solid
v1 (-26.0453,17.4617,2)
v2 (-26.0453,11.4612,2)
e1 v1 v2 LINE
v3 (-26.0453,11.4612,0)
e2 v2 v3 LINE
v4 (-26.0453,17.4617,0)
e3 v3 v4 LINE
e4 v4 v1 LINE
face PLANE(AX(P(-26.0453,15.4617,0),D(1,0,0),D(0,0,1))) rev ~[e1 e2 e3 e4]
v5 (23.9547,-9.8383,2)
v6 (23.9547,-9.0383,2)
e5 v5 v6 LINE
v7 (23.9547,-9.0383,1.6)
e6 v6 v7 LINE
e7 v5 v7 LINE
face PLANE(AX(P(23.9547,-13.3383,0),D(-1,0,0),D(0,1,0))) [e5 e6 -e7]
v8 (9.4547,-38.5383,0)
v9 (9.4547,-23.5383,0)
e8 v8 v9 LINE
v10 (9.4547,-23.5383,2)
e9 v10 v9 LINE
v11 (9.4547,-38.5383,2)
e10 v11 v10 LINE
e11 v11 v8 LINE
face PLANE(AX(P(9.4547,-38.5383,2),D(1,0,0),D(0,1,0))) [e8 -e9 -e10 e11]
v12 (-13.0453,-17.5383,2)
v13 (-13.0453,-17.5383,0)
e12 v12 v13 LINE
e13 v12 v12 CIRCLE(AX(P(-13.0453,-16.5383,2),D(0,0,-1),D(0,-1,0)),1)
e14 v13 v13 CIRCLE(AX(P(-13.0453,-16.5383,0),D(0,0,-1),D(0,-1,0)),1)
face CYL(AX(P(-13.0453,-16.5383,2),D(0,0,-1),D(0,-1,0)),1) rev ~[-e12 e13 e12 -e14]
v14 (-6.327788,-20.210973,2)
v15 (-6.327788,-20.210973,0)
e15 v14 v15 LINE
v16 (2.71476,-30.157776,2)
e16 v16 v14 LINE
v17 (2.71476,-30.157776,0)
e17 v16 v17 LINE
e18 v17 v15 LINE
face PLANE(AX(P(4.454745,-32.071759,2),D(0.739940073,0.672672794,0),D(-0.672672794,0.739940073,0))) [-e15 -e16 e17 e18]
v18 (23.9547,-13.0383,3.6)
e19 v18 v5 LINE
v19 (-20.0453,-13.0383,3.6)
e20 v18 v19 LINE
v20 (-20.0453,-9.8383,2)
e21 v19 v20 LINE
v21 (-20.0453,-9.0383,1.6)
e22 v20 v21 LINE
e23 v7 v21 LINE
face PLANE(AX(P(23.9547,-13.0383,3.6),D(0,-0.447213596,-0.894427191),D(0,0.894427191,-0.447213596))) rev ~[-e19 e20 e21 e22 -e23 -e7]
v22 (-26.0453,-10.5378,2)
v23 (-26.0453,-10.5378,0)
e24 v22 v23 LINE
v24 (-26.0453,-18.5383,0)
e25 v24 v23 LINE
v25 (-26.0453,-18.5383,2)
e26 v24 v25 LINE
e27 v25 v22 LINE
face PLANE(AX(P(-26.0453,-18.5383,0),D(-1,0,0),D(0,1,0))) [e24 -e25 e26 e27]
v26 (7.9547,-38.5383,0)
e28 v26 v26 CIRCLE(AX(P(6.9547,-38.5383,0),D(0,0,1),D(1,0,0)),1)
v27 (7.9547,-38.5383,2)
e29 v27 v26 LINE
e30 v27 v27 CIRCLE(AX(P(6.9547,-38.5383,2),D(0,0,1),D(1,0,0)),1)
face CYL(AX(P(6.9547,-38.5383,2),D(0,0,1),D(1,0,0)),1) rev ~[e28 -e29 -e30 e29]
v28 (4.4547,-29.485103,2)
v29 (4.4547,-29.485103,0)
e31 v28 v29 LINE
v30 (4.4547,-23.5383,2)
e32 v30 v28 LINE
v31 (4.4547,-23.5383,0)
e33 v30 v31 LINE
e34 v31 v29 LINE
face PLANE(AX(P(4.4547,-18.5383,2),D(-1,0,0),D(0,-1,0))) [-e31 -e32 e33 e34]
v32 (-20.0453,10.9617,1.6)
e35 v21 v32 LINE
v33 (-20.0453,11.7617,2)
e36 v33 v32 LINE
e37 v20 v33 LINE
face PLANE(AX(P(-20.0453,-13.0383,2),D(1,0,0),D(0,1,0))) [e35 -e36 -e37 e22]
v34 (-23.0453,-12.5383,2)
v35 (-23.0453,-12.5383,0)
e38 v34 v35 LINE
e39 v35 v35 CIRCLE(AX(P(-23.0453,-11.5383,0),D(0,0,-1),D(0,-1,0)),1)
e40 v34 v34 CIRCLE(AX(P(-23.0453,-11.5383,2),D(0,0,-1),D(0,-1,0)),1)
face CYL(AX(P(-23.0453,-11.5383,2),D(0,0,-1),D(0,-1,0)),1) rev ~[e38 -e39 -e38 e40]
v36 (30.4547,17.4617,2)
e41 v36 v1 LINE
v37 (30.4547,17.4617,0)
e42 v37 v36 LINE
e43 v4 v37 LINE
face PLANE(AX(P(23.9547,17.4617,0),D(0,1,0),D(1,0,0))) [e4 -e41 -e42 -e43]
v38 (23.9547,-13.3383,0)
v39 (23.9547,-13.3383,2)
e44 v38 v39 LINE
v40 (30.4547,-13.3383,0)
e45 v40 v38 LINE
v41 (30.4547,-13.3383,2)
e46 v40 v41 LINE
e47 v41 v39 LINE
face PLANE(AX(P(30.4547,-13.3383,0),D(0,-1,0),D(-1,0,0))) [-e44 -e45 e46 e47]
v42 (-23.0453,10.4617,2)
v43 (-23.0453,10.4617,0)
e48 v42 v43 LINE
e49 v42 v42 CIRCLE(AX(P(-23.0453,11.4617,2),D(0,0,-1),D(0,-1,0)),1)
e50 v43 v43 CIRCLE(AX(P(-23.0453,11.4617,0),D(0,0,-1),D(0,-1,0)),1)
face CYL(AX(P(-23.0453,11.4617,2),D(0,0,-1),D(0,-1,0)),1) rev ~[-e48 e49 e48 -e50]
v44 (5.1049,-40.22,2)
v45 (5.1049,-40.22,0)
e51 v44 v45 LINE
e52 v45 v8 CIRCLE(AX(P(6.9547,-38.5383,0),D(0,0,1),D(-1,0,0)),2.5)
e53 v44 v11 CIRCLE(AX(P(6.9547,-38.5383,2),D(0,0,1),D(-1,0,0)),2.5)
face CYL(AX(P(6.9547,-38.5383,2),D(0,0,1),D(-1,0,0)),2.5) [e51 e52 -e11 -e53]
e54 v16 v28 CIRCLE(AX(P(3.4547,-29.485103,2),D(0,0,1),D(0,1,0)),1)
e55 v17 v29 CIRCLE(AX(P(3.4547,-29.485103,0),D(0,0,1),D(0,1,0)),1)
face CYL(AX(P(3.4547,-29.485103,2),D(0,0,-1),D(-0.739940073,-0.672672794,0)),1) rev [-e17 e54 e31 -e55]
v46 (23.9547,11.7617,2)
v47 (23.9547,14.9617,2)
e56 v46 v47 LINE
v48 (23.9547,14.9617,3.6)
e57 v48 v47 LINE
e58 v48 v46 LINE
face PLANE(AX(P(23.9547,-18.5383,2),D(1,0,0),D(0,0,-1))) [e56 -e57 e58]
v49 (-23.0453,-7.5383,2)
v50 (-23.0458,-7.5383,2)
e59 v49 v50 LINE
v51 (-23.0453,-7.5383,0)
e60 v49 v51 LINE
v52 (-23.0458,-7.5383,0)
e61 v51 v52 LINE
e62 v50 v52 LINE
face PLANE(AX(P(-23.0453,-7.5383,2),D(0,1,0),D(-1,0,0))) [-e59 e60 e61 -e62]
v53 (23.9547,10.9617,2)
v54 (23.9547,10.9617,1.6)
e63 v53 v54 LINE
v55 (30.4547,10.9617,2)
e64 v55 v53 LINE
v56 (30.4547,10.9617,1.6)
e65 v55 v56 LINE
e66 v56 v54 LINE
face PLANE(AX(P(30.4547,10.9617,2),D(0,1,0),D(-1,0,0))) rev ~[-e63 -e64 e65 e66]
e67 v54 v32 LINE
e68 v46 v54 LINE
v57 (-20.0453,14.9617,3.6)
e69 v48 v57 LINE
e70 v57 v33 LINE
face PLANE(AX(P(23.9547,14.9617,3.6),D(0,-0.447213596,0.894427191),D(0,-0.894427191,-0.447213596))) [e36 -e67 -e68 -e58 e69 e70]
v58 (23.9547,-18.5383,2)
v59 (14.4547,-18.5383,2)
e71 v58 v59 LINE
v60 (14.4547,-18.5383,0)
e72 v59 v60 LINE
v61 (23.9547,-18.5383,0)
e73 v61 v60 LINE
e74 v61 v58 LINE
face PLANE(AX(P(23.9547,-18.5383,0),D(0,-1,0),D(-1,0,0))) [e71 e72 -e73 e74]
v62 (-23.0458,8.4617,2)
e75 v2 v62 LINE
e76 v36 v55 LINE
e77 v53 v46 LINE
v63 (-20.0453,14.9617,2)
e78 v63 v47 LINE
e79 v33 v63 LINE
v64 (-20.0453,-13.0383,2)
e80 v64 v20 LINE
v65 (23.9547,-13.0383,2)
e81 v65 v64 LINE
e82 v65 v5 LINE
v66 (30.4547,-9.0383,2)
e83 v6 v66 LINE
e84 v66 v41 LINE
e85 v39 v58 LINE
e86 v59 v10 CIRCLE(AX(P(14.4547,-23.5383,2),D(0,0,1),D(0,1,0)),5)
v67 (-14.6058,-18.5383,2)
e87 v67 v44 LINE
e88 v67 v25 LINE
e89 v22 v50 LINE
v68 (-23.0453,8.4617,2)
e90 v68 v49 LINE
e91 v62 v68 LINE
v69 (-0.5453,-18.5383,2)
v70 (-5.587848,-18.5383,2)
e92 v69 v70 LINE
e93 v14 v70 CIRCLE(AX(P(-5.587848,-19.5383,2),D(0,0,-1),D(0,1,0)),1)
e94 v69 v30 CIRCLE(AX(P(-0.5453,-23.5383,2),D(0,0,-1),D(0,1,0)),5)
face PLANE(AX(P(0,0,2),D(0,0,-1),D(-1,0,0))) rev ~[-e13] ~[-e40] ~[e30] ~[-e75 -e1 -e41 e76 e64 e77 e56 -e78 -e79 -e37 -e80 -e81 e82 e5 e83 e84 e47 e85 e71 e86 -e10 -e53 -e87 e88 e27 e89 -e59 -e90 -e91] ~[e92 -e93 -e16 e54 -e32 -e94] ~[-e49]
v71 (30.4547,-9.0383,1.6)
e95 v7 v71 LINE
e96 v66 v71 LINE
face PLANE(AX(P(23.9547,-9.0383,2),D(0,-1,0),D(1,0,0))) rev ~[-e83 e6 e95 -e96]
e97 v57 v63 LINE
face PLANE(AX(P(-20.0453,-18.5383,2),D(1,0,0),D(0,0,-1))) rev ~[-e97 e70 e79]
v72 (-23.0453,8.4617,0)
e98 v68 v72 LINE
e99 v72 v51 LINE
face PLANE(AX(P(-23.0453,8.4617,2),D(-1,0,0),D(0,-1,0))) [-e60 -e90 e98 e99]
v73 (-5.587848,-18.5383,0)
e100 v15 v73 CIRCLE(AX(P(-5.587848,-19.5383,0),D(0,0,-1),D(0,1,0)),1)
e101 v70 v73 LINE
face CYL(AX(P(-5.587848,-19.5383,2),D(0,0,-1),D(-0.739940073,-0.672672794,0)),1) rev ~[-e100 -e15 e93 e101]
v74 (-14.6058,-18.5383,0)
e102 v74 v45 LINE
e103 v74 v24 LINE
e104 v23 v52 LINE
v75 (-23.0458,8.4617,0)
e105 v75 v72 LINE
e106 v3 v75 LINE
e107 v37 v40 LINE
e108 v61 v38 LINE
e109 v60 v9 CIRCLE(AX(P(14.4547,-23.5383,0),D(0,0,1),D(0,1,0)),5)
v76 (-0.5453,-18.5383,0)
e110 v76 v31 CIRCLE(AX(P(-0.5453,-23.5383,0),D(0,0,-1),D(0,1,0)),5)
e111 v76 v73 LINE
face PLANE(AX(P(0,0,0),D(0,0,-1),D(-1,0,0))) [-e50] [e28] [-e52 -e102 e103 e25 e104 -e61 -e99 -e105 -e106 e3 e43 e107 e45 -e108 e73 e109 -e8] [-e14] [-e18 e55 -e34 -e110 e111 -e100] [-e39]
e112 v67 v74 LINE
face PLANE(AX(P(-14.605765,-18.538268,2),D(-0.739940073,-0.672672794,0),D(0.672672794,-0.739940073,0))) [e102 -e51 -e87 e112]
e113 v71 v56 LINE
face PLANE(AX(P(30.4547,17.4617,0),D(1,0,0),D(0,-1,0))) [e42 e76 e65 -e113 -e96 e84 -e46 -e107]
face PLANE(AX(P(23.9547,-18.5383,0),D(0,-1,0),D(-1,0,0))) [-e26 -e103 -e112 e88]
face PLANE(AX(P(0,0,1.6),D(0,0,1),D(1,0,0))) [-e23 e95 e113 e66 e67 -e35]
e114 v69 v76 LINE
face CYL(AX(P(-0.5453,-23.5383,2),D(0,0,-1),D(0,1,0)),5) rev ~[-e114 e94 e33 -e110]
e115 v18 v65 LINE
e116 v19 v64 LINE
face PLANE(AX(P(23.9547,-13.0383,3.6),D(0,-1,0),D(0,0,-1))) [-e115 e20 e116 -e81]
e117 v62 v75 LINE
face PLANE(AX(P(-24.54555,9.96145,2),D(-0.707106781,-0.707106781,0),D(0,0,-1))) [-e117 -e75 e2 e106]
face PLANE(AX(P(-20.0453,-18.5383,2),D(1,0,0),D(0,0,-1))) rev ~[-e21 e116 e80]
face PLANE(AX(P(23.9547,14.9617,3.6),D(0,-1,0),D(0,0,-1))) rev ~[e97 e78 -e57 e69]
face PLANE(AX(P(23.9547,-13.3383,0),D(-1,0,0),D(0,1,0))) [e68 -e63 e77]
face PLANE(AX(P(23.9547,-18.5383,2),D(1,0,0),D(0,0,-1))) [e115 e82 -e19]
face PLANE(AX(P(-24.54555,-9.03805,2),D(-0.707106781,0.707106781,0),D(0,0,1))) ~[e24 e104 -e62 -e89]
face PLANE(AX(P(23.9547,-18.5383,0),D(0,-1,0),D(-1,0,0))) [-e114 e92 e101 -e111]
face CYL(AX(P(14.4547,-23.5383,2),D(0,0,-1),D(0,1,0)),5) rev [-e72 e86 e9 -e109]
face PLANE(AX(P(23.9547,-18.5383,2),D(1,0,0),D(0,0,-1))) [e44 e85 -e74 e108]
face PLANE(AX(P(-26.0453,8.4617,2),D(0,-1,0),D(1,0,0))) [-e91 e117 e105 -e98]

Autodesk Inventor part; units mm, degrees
ref_plane "YZ Plane" through (0, 0, 0) normal (1, 0, 0) x (0, 1, 0)
ref_plane "XZ Plane" through (0, 0, 0) normal (0, 1, 0) x (-1, 0, 0)
ref_plane "XY Plane" through (0, 0, 0) normal (0, 0, 1) x (1, 0, 0)
sketch "Sketch1" plane through (0, 0, 0) normal (0, 0, 1) x (1, 0, 0)
  line L0 (-26.0453, 15.4617) -> (23.9547, 15.4617)
  line L1 (23.9547, 15.4617) -> (23.9547, -18.5383)
  line L2 (23.9547, -18.5383) -> (-26.0453, -18.5383)
  line L3 (-26.0453, -18.5383) -> (-26.0453, 15.4617)
  point P0 (0, 0)
  dimension "d0" = 50
  dimension "d1" = 34
extrude "Extrusion1" add sketch "Sketch1" along normal blind 2
sketch "Sketch2" plane through (0, 0, 2) normal (0, 0, 1) x (1, 0, 0)
  line L0 (-26.0453, 15.4617) -> (-26.0453, -18.5383) projected
  line L1 (23.9547, 15.4617) -> (-26.0453, 15.4617) projected
  point P0 (0, 0)
  point P1 (-23.0453, 11.4617)
  point P2 (-23.0453, -11.5383)
  point P3 (-13.0453, -16.5383)
  dimension "d4" = 23
  dimension "d5" = 3
  dimension "d6" = 3
  dimension "d7" = 4
  dimension "d8" = 5
  dimension "d9" = 10
hole "Hole1" at (-23.0453, 11.4617, 2) at (-23.0453, -11.5383, 2) at (-13.0453, -16.5383, 2) direction (0, 0, -1) diameter 2 depth 6.5 tip angle 118
sketch "Sketch3" plane through (0, 0, 2) normal (0, 0, 1) x (1, 0, 0)
  line L0 (-26.0453, 15.4617) -> (-26.0453, -18.5383) projected
  line L1 (-26.0453, 8.4617) -> (-23.0453, 8.4617)
  line L2 (-23.0453, 8.4617) -> (-23.0453, -7.5383)
  line L3 (-23.0453, -7.5383) -> (-26.0453, -7.5383)
  line L4 (-26.0453, -7.5383) -> (-26.0453, 8.4617)
  line L5 (23.9547, 15.4617) -> (-26.0453, 15.4617) projected
  circle A0 centre (-23.0453, -11.5383) radius 1 projected
  point P0 (0, 0)
  dimension "d17" = 7
  dimension "d18" = 4
  dimension "d19" = 3
extrude "Extrusion2" cut sketch "Sketch3" against normal blind 2 contours L1 L2 L3 L0
chamfer "Chamfer1" distance 3 angle 45 2 edges at (-26.0453, 8.4617, 1) (-26.0453, -7.5383, 1)
sketch "Sketch5" plane through (0, 0, 2) normal (0, 0, 1) x (1, 0, 0)
  line L0 (-20.0453, 14.9617) -> (23.9547, 14.9617)
  line L1 (23.9547, 14.9617) -> (23.9547, -13.0383)
  line L2 (23.9547, -13.0383) -> (-20.0453, -13.0383)
  line L3 (-20.0453, -13.0383) -> (-20.0453, 14.9617)
  line L4 (23.9547, 15.4617) -> (-26.0453, 15.4617) projected
  line L5 (-26.0453, -18.5383) -> (23.9547, -18.5383) projected
  line L6 (-23.0453, 8.4617) -> (-23.0453, -7.5383) projected
  line L7 (23.9547, -18.5383) -> (23.9547, 15.4617) projected
  circle A0 centre (-13.0453, -16.5383) radius 1 projected
  point P0 (0, 0)
  dimension "d27" = 3
  dimension "d28" = 0
  dimension "d29" = 50
  dimension "d30" = 3.5
  dimension "d31" = 31.5
  dimension "d32" = 0.5
extrude "Extrusion3" cut sketch "Sketch5" against normal blind 0.4 contours L0 L1 L2 L3
sketch "Sketch8" plane through (0, 0, 2) normal (0, 0, 1) x (1, 0, 0)
  line L0 (-26.0453, -18.5383) -> (23.9547, -18.5383) projected
  line L1 (11.9547, -18.5383) -> (-1.0453, -18.5383)
  line L2 (-1.0453, -18.5383) -> (-1.0453, -44.5383)
  line L3 (-1.0453, -44.5383) -> (11.9547, -44.5383)
  line L4 (11.9547, -44.5383) -> (11.9547, -18.5383)
  line L5 (23.9547, -18.5383) -> (23.9547, 15.4617) projected
  circle A0 centre (-13.0453, -16.5383) radius 1 projected
  line L6 (6.9547, -38.5383) -> (6.9547, -18.5383) construction
  line L7 (9.4547, -38.5383) -> (9.4547, -18.5383)
  line L8 (4.4547, -18.5383) -> (4.4547, -38.5383)
  arc A1 (4.4547, -38.5383) -> (9.4547, -38.5383) centre (6.9547, -38.5383) ccw
  arc A2 (9.4547, -18.5383) -> (4.4547, -18.5383) centre (6.9547, -18.5383) ccw
  circle A3 centre (6.9547, -38.5383) radius 1
  point P0 (0, 0)
  point P1 (23.9547, -13.0383)
  point P2 (6.9547, -28.5383)
  dimension "d48" = 12
  dimension "d49" = 25
  dimension "d50" = 20
  dimension "d51" = 22
  dimension "d52" = 6
  dimension "d53" = 5
  dimension "d54" = 2
extrude "Extrusion6" add sketch "Sketch8" against normal blind 2 contours L0 L7 A1 L8
fillet "Fillet1" radius 5 2 edges at (4.4547, -18.5383, 1) (9.4547, -18.5383, 1)
sketch "Sketch9" plane through (0, 0, 2) normal (0, 0, 1) x (1, 0, 0)
  circle A0 centre (-13.0453, -16.5383) radius 1 projected
  circle A1 centre (6.9547, -38.5383) radius 1 projected
  line L0 (-13.0453, -16.5383) -> (6.9547, -38.5383) construction
  line L1 (-14.8951, -18.22) -> (5.1049, -40.22)
  line L2 (8.8046, -36.8566) -> (-11.1954, -14.8566)
  arc A2 (-11.1954, -14.8566) -> (-14.8951, -18.22) centre (-13.0453, -16.5383) ccw
  arc A3 (5.1049, -40.22) -> (8.8046, -36.8566) centre (6.9547, -38.5383) ccw
  line L3 (-26.0453, -18.5383) -> (-0.5453, -18.5383) projected
  line L4 (-14.6058, -18.5383) -> (-7.8485, -18.5383)
  line L5 (4.4547, -23.5383) -> (4.4547, -38.5383) projected
  line L6 (4.4547, -32.0718) -> (4.4547, -38.5383)
  line L7 (4.4547, -38.5383) -> (6.7171, -41.027)
  arc A4 (4.4547, -38.5383) -> (9.4547, -38.5383) centre (6.9547, -38.5383) ccw projected
  point P0 (0, 0)
  point P1 (-3.0453, -27.5383)
extrude "Extrusion7" add sketch "Sketch9" against normal blind 2 contours L3 L2 L5 A4 L1
fillet "Fillet2" radius 1 2 edges at (-7.8485, -18.5383, 1) (4.4547, -32.0718, 1)
sketch "Sketch10" plane through (-26.0453, 15.4617, 0) normal (0, 1, 0) x (1, 0, 0)
  line L0 (50, 0) -> (50, -2) projected
  line L1 (0, 0) -> (0, -2) projected
  line L2 (50, -2) -> (0, -2)
  line L3 (0, -2) -> (0, 0)
  line L4 (0, 0) -> (50, 0)
  line L5 (50, 0) -> (50, -2)
  point P0 (26.0453, 0)
extrude "Extrusion8" add sketch "Sketch10" along normal blind 2
sketch "Sketch13" plane through (23.9547, -18.5383, 2) normal (1, 0, 0) x (0, 0, -1)
  line L0 (0, 0) -> (0, 5.5) projected
  line L1 (0.4, 5.5) -> (0.4, 33.5) projected
  line L2 (0.4, 5.5) -> (0, 5.5) projected
  line L3 (-1.6, 5.5) -> (0.4, 9.5)
  line L4 (0, 5.5) -> (0.4, 5.5) projected
  line L5 (-1.6, 5.5) -> (0.4, 5.5)
  line L6 (0.4, 5.5) -> (0.4, 9.5)
  point P0 (2, 18.5383)
  point P1 (0.4, 30.4)
  dimension "d70" = 1.6
  dimension "d71" = 4
extrude "Extrusion11" add sketch "Sketch13" against normal blind 44
sketch "Sketch14" plane through (23.9547, -18.5383, 2) normal (1, 0, 0) x (0, 0, -1)
  line L0 (0, 33.5) -> (0, 36) projected
  line L1 (0.4, 33.5) -> (0.4, 9.5) projected
  line L2 (0, 33.5) -> (0.4, 33.5) projected
  line L3 (-1.6, 33.5) -> (0.4, 29.5)
  line L4 (-1.6, 33.5) -> (0.4, 33.5)
  line L5 (0.4, 29.5) -> (0.4, 33.5)
  point P0 (2, 18.5383)
  dimension "d74" = 1.6
  dimension "d75" = 4
extrude "Extrusion12" add sketch "Sketch14" against normal blind 44
sketch "Sketch15" plane through (0, 0, 0) normal (0, 0, -1) x (-1, 0, 0)
  line L0 (-23.9547, -18.5383) -> (-23.9547, 17.4617) projected
  line L1 (-23.9547, 17.4617) -> (-30.4547, 17.4617)
  line L2 (-30.4547, 17.4617) -> (-30.4547, -13.3383)
  line L3 (-30.4547, -13.3383) -> (-23.9547, -13.3383)
  line L4 (-23.9547, -13.3383) -> (-23.9547, 17.4617)
  line L5 (-14.4547, -18.5383) -> (-23.9547, -18.5383) projected
  point P0 (0, 0)
  dimension "d78" = 5.2
  dimension "d79" = 6.5
extrude "Extrusion13" add sketch "Sketch15" against normal blind 2
sketch "Sketch16" plane through (0, 0, 2) normal (0, 0, 1) x (1, 0, 0)
  line L0 (30.4547, -13.3383) -> (30.4547, 17.4617) projected
  line L1 (-20.0453, -9.0383) -> (23.9547, -9.0383) projected
  line L2 (30.4547, 10.9617) -> (-20.0453, 10.9617)
  line L3 (-20.0453, 10.9617) -> (-20.0453, -9.0383)
  line L4 (-20.0453, -9.0383) -> (30.4547, -9.0383)
  line L5 (30.4547, -9.0383) -> (30.4547, 10.9617)
  line L6 (23.9547, 10.9617) -> (-20.0453, 10.9617) projected
  point P0 (0, 0)
  point P1 (30.4547, -9.0383)
extrude "Extrusion14" cut sketch "Sketch16" against normal blind 0.4
